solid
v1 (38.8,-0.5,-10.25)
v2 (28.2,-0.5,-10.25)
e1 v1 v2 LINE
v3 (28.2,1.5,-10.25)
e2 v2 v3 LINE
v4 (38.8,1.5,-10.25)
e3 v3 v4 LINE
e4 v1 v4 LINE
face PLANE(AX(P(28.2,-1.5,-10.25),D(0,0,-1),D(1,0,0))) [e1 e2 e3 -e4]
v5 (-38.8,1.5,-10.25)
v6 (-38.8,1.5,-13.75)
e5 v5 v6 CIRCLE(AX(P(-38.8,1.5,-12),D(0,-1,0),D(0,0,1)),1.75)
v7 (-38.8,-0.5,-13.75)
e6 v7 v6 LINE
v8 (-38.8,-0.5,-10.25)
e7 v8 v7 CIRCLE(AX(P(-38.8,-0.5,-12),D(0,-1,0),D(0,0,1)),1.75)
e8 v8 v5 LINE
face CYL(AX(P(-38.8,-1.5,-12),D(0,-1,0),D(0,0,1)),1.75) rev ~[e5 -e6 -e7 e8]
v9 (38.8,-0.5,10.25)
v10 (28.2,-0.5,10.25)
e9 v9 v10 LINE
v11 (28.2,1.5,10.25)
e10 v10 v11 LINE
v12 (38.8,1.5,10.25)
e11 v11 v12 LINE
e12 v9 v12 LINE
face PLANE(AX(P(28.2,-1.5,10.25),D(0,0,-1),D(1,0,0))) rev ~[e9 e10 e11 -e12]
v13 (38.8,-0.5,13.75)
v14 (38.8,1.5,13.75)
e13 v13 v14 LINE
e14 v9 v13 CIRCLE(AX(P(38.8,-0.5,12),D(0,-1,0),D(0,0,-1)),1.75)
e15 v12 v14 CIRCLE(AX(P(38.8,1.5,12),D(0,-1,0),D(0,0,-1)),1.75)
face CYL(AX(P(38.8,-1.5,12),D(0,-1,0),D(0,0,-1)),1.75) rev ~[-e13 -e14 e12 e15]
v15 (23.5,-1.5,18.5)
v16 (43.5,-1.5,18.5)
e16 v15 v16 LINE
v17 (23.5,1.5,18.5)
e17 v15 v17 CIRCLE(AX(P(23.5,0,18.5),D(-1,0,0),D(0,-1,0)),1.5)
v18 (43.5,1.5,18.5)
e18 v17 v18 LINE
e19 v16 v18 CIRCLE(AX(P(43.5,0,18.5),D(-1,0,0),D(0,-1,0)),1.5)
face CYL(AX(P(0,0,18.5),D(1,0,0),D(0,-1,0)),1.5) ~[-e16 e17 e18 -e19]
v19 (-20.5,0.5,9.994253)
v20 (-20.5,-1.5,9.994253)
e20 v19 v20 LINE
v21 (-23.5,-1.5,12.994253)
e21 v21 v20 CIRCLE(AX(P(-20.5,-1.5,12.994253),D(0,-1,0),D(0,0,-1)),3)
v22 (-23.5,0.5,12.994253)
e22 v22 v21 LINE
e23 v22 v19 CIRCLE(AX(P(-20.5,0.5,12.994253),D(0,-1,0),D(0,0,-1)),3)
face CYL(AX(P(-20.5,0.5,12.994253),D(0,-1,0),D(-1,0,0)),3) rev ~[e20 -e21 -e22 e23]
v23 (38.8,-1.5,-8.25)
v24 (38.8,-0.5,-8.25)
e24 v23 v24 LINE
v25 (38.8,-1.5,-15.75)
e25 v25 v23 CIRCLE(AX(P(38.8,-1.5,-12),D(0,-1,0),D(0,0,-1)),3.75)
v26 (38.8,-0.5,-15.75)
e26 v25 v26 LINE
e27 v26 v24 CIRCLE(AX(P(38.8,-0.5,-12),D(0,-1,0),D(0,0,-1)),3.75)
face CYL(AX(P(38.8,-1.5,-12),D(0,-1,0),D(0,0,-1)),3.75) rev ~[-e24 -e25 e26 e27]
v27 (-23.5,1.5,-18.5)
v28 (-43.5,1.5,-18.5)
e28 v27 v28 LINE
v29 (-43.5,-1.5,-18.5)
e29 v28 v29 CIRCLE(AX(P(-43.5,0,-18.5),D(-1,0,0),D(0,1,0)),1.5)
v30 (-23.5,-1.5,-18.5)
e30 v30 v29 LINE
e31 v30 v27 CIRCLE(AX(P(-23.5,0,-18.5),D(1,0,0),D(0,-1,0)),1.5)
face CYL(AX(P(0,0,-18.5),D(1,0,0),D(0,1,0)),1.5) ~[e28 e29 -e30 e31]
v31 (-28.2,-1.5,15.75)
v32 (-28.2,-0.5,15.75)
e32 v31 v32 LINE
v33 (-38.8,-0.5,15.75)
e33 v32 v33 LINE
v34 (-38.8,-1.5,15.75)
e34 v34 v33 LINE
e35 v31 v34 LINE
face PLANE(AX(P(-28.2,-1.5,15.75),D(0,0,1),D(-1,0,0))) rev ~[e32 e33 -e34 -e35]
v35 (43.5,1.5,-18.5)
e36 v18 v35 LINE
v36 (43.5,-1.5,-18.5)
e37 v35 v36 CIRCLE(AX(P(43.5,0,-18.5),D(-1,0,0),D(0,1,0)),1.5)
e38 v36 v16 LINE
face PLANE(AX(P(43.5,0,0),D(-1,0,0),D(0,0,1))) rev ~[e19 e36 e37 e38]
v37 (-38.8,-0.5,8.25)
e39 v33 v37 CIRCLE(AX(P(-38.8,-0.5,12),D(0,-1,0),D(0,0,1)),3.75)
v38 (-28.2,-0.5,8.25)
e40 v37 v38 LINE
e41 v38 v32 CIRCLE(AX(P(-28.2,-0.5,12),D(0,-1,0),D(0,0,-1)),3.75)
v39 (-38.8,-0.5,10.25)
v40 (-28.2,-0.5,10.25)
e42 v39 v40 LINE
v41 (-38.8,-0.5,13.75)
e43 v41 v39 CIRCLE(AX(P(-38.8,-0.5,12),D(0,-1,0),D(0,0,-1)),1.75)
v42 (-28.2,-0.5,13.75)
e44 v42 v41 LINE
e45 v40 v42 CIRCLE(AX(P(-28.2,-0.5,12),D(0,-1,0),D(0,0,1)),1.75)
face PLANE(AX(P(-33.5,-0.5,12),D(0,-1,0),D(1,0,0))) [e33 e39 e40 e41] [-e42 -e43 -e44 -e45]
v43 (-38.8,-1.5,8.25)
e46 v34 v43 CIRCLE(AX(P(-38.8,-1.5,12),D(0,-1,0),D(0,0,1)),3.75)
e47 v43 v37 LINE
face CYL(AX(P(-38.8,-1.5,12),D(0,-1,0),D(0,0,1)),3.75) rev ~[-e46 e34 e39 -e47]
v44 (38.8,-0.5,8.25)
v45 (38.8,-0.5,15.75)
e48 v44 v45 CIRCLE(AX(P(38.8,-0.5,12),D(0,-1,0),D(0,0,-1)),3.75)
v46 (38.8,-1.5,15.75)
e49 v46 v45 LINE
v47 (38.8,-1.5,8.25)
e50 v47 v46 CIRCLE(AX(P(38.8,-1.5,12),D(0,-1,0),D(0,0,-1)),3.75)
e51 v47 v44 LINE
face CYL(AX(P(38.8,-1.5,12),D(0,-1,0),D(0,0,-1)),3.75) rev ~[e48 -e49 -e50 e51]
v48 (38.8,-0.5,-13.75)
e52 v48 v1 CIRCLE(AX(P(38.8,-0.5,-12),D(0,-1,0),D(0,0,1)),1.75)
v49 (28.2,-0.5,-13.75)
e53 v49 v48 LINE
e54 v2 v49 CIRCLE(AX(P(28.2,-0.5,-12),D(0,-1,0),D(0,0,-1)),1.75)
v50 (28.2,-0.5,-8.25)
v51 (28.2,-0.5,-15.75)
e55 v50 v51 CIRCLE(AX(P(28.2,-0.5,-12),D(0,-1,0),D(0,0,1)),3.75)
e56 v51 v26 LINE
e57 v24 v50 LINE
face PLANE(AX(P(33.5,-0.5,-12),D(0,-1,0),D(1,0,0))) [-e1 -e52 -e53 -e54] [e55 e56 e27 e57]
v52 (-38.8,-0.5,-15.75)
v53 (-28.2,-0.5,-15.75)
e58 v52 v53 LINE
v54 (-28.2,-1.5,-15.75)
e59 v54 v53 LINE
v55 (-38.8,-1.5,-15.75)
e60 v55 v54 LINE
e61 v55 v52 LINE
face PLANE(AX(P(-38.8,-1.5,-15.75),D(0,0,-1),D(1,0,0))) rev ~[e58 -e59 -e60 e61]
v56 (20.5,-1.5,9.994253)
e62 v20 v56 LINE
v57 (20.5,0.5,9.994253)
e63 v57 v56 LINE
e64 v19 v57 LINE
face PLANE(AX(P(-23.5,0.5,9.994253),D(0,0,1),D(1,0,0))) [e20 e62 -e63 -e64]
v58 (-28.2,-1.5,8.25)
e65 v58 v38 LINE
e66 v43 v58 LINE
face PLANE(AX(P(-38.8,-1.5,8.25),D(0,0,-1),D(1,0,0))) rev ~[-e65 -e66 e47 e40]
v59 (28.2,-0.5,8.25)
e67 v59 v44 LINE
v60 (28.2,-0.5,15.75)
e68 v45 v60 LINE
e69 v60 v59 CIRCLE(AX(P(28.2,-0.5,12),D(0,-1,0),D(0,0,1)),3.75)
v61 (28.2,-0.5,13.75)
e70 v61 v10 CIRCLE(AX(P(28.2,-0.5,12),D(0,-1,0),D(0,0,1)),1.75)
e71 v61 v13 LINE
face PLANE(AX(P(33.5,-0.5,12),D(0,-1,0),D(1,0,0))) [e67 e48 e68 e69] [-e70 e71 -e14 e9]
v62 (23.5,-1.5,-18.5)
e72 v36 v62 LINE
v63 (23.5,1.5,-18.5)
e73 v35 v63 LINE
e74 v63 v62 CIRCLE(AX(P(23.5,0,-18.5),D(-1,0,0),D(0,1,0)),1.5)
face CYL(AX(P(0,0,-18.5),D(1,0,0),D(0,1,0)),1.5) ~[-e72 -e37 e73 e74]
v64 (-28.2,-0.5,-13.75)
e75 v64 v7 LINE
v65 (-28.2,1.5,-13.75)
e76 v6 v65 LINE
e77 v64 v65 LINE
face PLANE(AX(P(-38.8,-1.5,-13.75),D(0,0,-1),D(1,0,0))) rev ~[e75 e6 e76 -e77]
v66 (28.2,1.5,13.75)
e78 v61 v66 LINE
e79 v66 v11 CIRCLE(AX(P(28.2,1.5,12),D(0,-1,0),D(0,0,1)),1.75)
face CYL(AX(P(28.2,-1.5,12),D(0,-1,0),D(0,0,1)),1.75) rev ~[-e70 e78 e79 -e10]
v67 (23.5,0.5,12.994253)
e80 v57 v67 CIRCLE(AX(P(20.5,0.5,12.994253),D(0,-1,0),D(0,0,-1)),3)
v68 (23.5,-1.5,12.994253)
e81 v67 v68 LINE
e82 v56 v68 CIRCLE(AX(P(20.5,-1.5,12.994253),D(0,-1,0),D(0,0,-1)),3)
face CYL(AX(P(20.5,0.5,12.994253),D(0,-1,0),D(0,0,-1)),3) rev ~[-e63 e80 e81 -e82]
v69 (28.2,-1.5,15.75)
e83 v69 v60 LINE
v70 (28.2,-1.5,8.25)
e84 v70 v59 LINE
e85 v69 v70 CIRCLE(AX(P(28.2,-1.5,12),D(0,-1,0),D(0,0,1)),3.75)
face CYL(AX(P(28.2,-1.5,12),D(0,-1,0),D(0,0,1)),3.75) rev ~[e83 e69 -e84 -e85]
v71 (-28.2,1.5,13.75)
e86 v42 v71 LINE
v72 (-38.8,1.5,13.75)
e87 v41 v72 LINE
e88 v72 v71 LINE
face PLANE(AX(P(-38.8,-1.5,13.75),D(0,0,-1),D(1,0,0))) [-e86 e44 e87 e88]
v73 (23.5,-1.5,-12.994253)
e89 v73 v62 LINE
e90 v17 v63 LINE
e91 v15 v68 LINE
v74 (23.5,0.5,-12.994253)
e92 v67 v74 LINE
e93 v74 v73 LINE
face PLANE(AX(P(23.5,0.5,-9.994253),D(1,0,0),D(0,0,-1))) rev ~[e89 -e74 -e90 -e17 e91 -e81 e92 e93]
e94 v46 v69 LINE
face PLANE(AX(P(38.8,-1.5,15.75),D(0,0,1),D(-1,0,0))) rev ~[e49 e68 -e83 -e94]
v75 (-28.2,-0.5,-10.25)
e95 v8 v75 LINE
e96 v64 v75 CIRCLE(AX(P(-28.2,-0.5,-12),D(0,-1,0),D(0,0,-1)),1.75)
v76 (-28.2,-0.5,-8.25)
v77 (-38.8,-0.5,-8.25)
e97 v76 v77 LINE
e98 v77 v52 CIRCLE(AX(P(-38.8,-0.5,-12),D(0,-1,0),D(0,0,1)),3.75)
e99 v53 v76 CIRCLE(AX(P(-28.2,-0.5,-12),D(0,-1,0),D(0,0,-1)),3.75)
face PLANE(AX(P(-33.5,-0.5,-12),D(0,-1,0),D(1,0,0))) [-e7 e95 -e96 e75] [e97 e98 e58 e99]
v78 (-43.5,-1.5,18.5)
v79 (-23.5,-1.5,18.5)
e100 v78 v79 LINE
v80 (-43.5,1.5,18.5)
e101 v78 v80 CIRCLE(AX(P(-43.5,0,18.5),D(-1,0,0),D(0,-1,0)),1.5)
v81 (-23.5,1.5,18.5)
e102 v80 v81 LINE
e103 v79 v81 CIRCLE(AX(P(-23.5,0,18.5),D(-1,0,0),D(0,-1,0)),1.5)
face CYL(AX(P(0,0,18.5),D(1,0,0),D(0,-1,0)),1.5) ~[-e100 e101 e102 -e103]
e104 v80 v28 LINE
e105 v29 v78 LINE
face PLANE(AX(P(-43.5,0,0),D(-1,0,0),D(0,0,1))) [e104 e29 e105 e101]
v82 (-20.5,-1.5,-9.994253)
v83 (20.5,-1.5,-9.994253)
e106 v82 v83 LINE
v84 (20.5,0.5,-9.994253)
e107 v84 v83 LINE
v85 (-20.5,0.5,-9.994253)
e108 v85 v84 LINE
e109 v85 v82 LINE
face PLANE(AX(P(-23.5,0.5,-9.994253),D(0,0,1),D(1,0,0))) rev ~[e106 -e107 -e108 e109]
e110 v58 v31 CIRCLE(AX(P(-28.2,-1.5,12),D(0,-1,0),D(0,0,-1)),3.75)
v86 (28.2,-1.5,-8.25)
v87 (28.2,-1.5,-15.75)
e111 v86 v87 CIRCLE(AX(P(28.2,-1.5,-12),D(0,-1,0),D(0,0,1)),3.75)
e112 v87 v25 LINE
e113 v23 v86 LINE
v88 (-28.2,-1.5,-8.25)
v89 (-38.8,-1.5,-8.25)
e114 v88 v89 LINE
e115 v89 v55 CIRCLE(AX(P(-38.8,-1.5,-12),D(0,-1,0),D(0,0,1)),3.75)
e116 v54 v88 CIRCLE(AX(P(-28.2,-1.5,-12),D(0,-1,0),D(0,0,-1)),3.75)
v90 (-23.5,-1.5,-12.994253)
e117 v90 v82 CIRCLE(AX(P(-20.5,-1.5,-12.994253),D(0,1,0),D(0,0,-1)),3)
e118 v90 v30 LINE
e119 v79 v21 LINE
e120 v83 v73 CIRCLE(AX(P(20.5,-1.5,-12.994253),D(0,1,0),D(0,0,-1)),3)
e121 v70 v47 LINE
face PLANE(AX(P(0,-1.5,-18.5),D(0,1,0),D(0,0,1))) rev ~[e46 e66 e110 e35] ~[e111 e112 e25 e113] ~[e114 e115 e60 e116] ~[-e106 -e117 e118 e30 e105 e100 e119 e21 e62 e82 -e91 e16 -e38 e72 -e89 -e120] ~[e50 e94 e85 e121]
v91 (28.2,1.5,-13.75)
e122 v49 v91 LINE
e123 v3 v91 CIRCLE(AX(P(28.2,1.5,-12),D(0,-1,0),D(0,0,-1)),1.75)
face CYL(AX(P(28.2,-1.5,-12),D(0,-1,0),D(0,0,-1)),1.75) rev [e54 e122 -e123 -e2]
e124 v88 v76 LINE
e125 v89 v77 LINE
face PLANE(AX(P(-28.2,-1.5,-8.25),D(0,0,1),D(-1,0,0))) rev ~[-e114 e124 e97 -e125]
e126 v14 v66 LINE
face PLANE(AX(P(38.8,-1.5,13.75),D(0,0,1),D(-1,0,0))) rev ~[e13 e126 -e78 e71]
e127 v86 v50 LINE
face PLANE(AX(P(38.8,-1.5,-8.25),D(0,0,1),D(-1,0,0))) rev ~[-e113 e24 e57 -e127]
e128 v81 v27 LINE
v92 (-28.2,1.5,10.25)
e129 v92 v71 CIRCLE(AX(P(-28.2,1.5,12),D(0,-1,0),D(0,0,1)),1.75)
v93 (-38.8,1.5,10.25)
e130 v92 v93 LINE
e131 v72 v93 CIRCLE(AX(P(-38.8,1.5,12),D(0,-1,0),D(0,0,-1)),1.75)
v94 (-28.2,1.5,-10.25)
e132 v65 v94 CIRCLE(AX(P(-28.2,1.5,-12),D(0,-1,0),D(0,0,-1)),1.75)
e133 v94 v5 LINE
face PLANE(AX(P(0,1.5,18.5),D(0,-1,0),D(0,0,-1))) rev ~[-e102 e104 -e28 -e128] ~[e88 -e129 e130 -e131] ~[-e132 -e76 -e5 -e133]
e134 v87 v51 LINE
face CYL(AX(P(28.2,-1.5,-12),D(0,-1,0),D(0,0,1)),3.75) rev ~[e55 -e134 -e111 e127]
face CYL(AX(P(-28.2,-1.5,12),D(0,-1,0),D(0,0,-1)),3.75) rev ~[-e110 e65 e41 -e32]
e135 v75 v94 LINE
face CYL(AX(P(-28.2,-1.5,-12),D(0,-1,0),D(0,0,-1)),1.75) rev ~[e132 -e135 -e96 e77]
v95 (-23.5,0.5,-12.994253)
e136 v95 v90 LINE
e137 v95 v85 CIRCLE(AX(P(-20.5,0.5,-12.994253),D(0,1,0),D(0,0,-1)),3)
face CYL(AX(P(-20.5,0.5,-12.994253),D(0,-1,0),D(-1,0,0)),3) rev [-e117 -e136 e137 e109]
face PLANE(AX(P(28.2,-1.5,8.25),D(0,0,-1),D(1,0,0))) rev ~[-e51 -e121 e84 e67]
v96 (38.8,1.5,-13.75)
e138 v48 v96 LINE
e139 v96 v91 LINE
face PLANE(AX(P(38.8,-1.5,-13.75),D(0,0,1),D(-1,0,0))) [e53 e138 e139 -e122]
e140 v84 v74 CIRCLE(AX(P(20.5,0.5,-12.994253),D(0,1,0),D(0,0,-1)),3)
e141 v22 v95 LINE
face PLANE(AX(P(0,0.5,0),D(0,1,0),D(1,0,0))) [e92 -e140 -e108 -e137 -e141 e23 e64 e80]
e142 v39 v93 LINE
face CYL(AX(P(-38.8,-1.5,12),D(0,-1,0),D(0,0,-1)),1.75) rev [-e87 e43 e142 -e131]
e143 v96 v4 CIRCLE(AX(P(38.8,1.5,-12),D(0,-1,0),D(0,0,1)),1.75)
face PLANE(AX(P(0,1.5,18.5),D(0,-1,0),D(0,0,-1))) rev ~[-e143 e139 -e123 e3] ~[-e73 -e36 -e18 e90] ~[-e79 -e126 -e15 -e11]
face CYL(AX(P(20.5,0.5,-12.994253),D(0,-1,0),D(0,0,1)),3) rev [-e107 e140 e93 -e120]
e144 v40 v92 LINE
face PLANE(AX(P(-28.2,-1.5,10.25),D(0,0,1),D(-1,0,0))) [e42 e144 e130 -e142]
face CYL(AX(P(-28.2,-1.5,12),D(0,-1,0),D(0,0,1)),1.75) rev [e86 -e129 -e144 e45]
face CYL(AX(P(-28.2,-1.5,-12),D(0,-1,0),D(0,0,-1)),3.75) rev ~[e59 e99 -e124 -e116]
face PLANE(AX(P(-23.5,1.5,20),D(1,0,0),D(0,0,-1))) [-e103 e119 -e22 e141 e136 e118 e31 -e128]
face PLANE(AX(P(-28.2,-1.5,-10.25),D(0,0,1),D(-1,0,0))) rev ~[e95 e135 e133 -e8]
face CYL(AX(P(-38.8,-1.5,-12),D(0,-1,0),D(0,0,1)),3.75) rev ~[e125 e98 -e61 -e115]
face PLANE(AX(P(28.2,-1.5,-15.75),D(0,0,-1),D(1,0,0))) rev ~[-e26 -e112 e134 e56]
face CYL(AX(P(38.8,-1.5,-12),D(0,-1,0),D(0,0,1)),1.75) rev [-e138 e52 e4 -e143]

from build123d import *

# Parameters (mm, degrees)
EXTRUDE_1_DEPTH     = 43.5
SKETCH_3_W          = 47
SKETCH_3_H          = 40
CUT_EXTRUDE_1_DEPTH = 1
SKETCH_4_W          = 47
SKETCH_4_H          = 16.028408988
CUT_EXTRUDE_2_DEPTH = 48.919202831
CUT_EXTRUDE_3_DEPTH = 48.971345614
CUT_EXTRUDE_4_DEPTH = 1
FILLET_1_R          = 3


with BuildPart() as part:
    # 草图2 → 凸台-拉伸1 (new, symmetric)
    with BuildSketch(Plane(origin=(0, 0, 0), x_dir=(0, 0, -1), z_dir=(1, 0, 0))):
        with BuildLine():
            Line((-18.5, 1.5), (18.5, 1.5))
            ThreePointArc((18.5, 1.5), (20, 0), (18.5, -1.5))
            Line((18.5, -1.5), (-18.5, -1.5))
            ThreePointArc((-18.5, -1.5), (-20, 0), (-18.5, 1.5))
        make_face()
    extrude(amount=EXTRUDE_1_DEPTH, both=True)

    # 草图3 → 切除-拉伸1 (cut)
    with BuildSketch(Plane(origin=(0, 1.5, 0), x_dir=(1, 0, 0), z_dir=(0, 1, 0))):
        Rectangle(SKETCH_3_W, SKETCH_3_H)
    extrude(amount=-CUT_EXTRUDE_1_DEPTH, mode=Mode.SUBTRACT)

    # 草图4 → 切除-拉伸2 (cut, through all)
    with BuildSketch(Plane(origin=(0, 0.5, 0), x_dir=(1, 0, 0), z_dir=(0, 1, 0))):
        with Locations((0, 18.008457368)):
            Rectangle(SKETCH_4_W, SKETCH_4_H)
        with Locations((0, -18.008457368)):
            Rectangle(SKETCH_4_W, SKETCH_4_H)
    extrude(amount=-CUT_EXTRUDE_2_DEPTH, mode=Mode.SUBTRACT)

    # 草图5 → 切除-拉伸3 (cut, through all)
    with BuildSketch(Plane(origin=(0, -1.5, 0), x_dir=(-1, 0, 0), z_dir=(0, -1, 0))):
        with BuildLine():
            Line((38.8, -13.75), (28.2, -13.75))
            ThreePointArc((28.2, -13.75), (26.45, -12), (28.2, -10.25))
            Line((28.2, -10.25), (38.8, -10.25))
            ThreePointArc((38.8, -10.25), (40.55, -12), (38.8, -13.75))
        make_face()
        with BuildLine():
            Line((38.8, 13.75), (28.2, 13.75))
            ThreePointArc((28.2, 13.75), (26.45, 12), (28.2, 10.25))
            Line((28.2, 10.25), (38.8, 10.25))
            ThreePointArc((38.8, 10.25), (40.55, 12), (38.8, 13.75))
        make_face()
        with BuildLine():
            Line((-38.8, 13.75), (-28.2, 13.75))
            ThreePointArc((-28.2, 13.75), (-26.45, 12), (-28.2, 10.25))
            Line((-28.2, 10.25), (-38.8, 10.25))
            ThreePointArc((-38.8, 10.25), (-40.55, 12), (-38.8, 13.75))
        make_face()
        with BuildLine():
            Line((-38.8, -13.75), (-28.2, -13.75))
            ThreePointArc((-28.2, -13.75), (-26.45, -12), (-28.2, -10.25))
            Line((-28.2, -10.25), (-38.8, -10.25))
            ThreePointArc((-38.8, -10.25), (-40.55, -12), (-38.8, -13.75))
        make_face()
    extrude(amount=-CUT_EXTRUDE_3_DEPTH, mode=Mode.SUBTRACT)

    # 草图6 → 切除-拉伸4 (cut)
    with BuildSketch(Plane.XZ.offset(1.5)):
        with BuildLine():
            Line((-28.2, 15.75), (-38.8, 15.75))
            ThreePointArc((-38.8, 15.75), (-42.55, 12), (-38.8, 8.25))
            Line((-38.8, 8.25), (-28.2, 8.25))
            ThreePointArc((-28.2, 8.25), (-24.45, 12), (-28.2, 15.75))
        make_face()
        with BuildLine():
            Line((-38.8, -15.75), (-28.2, -15.75))
            ThreePointArc((-28.2, -15.75), (-24.45, -12), (-28.2, -8.25))
            Line((-28.2, -8.25), (-38.8, -8.25))
            ThreePointArc((-38.8, -8.25), (-42.55, -12), (-38.8, -15.75))
        make_face()
        with BuildLine():
            Line((38.8, 15.75), (28.2, 15.75))
            ThreePointArc((28.2, 15.75), (24.45, 12), (28.2, 8.25))
            Line((28.2, 8.25), (38.8, 8.25))
            ThreePointArc((38.8, 8.25), (42.55, 12), (38.8, 15.75))
        make_face()
        with BuildLine():
            Line((28.2, -15.75), (38.8, -15.75))
            ThreePointArc((38.8, -15.75), (42.55, -12), (38.8, -8.25))
            Line((38.8, -8.25), (28.2, -8.25))
            ThreePointArc((28.2, -8.25), (24.45, -12), (28.2, -15.75))
        make_face()
    extrude(amount=-CUT_EXTRUDE_4_DEPTH, mode=Mode.SUBTRACT)

    # 圆角1
    fillet_1_edges = [part.edges().sort_by_distance(p)[0] for p in [
        (-23.5, -0.5, -9.994252874),
        (23.5, -0.5, -9.994252874),
        (23.5, -0.5, 9.994252874),
        (-23.5, -0.5, 9.994252874),
    ]]
    fillet(fillet_1_edges, radius=FILLET_1_R)


solid = part.part
